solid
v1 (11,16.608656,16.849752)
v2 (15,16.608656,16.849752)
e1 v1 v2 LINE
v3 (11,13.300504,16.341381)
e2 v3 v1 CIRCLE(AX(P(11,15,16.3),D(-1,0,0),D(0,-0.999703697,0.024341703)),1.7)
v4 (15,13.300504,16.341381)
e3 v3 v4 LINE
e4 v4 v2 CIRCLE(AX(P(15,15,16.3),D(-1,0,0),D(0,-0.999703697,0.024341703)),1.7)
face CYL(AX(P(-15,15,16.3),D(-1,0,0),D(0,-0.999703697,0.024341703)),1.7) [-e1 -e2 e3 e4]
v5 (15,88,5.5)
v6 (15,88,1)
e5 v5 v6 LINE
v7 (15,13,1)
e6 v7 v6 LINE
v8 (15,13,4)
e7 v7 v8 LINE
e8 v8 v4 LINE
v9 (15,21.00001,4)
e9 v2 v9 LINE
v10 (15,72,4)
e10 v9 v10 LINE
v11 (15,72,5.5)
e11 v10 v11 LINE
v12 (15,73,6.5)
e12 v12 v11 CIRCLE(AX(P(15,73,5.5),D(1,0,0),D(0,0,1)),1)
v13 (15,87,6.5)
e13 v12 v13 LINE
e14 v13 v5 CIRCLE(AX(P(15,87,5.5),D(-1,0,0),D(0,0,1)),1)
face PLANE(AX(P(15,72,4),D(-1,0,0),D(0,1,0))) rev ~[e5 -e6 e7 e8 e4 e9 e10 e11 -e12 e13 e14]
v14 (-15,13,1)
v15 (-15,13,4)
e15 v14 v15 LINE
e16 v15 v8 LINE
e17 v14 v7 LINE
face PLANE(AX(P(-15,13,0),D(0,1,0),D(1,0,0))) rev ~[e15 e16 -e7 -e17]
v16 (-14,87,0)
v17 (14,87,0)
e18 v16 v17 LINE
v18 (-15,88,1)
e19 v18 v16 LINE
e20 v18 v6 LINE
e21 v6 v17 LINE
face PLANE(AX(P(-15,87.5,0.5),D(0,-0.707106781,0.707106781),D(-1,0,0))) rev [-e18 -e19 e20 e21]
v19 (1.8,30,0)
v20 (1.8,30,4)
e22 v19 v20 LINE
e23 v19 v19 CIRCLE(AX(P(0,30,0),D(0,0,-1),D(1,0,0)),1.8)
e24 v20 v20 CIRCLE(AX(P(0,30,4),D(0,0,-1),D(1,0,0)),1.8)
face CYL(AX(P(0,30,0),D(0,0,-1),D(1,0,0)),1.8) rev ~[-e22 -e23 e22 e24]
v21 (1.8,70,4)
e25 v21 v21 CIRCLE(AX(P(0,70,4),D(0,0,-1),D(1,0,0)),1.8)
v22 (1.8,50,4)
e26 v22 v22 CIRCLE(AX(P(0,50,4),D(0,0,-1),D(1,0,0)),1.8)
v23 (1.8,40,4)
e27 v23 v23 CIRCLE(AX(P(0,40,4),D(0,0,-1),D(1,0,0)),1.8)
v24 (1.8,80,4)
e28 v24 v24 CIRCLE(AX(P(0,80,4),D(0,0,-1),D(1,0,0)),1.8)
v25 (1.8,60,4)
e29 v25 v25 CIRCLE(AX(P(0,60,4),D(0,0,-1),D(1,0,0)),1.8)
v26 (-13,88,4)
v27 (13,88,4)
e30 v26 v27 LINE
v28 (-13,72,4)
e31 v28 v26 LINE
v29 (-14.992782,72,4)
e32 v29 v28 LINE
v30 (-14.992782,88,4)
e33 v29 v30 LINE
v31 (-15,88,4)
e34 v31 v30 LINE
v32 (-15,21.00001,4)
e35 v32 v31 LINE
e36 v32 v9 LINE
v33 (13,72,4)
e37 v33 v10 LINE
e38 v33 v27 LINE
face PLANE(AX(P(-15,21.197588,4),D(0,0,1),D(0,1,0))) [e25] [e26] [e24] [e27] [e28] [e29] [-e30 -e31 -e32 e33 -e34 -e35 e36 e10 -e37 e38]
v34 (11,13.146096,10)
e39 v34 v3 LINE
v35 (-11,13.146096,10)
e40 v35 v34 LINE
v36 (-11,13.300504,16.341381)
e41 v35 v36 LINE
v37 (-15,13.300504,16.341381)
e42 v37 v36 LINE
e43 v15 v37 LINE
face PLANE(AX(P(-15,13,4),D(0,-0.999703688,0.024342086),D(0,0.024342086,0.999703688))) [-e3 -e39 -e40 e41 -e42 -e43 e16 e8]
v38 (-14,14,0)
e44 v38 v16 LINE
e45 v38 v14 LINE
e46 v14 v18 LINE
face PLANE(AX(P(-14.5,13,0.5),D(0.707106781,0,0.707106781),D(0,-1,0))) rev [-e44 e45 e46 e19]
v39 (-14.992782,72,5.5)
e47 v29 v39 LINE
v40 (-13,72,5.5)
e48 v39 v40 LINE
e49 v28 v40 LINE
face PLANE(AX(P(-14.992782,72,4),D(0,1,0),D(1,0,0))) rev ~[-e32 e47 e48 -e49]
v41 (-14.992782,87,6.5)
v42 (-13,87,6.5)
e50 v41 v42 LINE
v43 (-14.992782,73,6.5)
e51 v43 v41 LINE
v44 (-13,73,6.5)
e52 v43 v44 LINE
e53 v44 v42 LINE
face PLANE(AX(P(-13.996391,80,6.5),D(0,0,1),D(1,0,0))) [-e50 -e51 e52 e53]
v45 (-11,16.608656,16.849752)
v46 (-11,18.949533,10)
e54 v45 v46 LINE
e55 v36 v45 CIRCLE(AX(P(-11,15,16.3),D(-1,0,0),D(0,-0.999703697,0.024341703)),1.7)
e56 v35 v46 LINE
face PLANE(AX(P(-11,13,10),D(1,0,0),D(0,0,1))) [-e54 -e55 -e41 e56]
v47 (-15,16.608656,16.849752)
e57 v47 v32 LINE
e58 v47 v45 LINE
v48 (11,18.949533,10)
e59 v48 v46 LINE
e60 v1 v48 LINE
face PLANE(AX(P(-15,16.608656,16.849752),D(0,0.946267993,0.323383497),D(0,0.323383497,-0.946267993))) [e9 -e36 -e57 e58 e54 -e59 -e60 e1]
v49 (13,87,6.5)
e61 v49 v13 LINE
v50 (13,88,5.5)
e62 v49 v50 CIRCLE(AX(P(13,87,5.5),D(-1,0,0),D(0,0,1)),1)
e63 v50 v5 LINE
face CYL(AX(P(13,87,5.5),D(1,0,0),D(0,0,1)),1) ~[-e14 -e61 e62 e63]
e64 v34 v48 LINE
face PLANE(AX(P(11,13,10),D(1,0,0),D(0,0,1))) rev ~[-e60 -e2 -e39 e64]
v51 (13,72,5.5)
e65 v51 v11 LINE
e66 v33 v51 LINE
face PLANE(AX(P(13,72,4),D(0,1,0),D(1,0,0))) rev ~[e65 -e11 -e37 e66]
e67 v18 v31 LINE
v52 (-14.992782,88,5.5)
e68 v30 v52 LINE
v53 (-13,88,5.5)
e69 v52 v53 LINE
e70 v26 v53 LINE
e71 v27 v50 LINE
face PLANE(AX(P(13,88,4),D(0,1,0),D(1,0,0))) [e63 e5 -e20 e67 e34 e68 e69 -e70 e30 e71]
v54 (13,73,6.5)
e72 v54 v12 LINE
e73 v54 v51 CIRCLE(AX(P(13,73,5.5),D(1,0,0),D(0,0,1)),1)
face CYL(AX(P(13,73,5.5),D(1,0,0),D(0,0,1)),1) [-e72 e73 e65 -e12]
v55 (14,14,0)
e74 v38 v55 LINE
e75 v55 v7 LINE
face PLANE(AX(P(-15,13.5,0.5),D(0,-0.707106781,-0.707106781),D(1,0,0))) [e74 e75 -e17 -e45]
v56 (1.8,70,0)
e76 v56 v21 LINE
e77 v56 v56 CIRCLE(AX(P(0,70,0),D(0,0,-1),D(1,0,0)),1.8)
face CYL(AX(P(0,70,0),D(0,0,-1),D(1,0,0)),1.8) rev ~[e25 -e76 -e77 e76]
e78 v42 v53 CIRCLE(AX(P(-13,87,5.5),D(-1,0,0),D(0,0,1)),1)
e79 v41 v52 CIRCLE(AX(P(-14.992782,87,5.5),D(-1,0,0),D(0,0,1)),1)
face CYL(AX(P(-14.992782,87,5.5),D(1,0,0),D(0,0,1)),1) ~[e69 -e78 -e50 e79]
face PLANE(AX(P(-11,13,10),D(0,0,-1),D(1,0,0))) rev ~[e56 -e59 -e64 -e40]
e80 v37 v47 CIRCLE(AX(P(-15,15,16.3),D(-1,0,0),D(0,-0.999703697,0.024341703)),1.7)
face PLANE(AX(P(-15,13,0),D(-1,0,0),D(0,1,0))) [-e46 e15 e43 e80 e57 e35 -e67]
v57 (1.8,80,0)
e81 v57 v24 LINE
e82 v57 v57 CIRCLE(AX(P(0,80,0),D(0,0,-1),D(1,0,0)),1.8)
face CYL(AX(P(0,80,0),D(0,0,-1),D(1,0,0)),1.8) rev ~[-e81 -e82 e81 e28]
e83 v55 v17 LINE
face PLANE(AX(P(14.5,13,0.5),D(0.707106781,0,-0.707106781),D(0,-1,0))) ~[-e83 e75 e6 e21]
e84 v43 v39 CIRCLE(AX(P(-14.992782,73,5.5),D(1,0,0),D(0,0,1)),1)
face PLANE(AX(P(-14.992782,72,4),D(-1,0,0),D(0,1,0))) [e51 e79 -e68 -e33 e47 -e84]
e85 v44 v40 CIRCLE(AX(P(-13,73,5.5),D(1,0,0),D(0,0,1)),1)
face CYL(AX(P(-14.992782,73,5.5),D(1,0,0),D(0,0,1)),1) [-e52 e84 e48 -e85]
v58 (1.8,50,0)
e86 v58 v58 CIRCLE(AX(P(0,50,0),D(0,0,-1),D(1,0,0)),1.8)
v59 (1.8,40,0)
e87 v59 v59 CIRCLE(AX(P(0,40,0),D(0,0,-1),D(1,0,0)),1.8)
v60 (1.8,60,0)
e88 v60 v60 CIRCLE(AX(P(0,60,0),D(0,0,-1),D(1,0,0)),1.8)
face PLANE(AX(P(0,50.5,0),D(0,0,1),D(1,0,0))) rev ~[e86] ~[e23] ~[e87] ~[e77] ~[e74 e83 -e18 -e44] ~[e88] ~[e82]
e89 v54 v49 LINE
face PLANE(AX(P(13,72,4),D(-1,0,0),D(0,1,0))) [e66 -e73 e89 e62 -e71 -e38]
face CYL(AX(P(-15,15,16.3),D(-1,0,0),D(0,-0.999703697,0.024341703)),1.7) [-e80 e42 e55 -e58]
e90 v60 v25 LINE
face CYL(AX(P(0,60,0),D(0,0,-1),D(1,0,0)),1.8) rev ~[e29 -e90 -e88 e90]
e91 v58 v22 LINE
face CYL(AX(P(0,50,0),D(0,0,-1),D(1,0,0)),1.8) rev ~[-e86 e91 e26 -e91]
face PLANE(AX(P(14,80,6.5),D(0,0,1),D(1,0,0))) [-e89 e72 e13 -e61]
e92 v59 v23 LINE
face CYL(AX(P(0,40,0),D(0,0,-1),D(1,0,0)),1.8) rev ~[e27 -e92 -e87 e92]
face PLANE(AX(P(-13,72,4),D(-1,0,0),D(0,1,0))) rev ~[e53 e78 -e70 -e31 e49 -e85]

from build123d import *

# Parameters (mm, degrees)
SKETCH_W        = 30
SKETCH_H        = 75
PAD_DEPTH       = 20
POCKET_DEPTH    = 30.001
POCKET001_DEPTH = 30.001
SKETCH003_R     = 1.8
POCKET002_DEPTH = 18.001
SKETCH004_W     = 22
SKETCH004_H     = 10
POCKET003_DEPTH = 75.001
SKETCH005_W     = 1.992782
SKETCH005_H     = 16
SKETCH005_W_2   = 2
PAD001_DEPTH    = 2.5
FILLET_R        = 1
CHAMFER_SIZE    = 1


with BuildPart() as part:
    # Sketch → Pad (new body)
    with BuildSketch(Plane.XY):
        with Locations((0, 50.5)):
            Rectangle(SKETCH_W, SKETCH_H)
    extrude(amount=PAD_DEPTH)

    # Sketch001 → Pocket (cut, through all)
    with BuildSketch(Plane(origin=(-15, 0, 0), x_dir=(0, -1, 0), z_dir=(-1, 0, 0))):
        Polygon((-90.237335, 21), (-17.197588, 21), (-21.197588, 4), (-90.237335, 4), align=None)
    extrude(amount=-POCKET_DEPTH, mode=Mode.SUBTRACT)

    # Sketch002 → Pocket001 (cut, through all)
    with BuildSketch(Plane(origin=(-15, 0, 0), x_dir=(0, -1, 0), z_dir=(-1, 0, 0))):
        with BuildLine():
            ThreePointArc((-13.300504, 16.341381), (-14.741789, 17.980276), (-16.608656, 16.849752))
            Line((-16.608656, 16.849752), (-21.00001, 4))
            Line((-25, 4), (-21.00001, 4))
            Line((-25, 18.137928), (-25, 4))
            Line((-25, 18.137928), (-12.210917, 22))
            Line((-12.210917, 22), (-13, 4))
            Line((-13, 4), (-13.300504, 16.341381))
        make_face()
    extrude(amount=-POCKET001_DEPTH, mode=Mode.SUBTRACT)

    # Sketch003 → Pocket002 (cut, through all)
    with BuildSketch(Plane(origin=(0, 0, 0), x_dir=(1, 0, 0), z_dir=(0, 0, -1))):
        with Locations((0, -80)):
            Circle(SKETCH003_R)
        with Locations((0, -70)):
            Circle(SKETCH003_R)
        with Locations((0, -60)):
            Circle(SKETCH003_R)
        with Locations((0, -50)):
            Circle(SKETCH003_R)
        with Locations((0, -40)):
            Circle(SKETCH003_R)
        with Locations((0, -30)):
            Circle(SKETCH003_R)
    extrude(amount=-POCKET002_DEPTH, mode=Mode.SUBTRACT)

    # Sketch004 → Pocket003 (cut, through all)
    with BuildSketch(Plane.XZ.offset(-13)):
        with Locations((0, 15)):
            Rectangle(SKETCH004_W, SKETCH004_H)
    extrude(amount=-POCKET003_DEPTH, mode=Mode.SUBTRACT)

    # Sketch005 → Pad001 (new body)
    with BuildSketch(Plane.XY.offset(4)):
        with Locations((-13.996391, 80)):
            Rectangle(SKETCH005_W, SKETCH005_H)
        with Locations((14, 80)):
            Rectangle(SKETCH005_W_2, SKETCH005_H)
    extrude(amount=PAD001_DEPTH)

    # Fillet
    fillet_edges = [part.edges().sort_by_distance(p)[0] for p in [
        (-13.996391, 72, 6.5),
        (14, 72, 6.5),
        (14, 88, 6.5),
        (-13.996391, 88, 6.5),
    ]]
    fillet(fillet_edges, radius=FILLET_R)

    # Chamfer
    chamfer_edges = [part.edges().sort_by_distance(p)[0] for p in [
        (0, 13, 0),
        (15, 50.5, 0),
        (-15, 50.5, 0),
        (0, 88, 0),
    ]]
    chamfer(chamfer_edges, length=CHAMFER_SIZE)


solid = part.part
